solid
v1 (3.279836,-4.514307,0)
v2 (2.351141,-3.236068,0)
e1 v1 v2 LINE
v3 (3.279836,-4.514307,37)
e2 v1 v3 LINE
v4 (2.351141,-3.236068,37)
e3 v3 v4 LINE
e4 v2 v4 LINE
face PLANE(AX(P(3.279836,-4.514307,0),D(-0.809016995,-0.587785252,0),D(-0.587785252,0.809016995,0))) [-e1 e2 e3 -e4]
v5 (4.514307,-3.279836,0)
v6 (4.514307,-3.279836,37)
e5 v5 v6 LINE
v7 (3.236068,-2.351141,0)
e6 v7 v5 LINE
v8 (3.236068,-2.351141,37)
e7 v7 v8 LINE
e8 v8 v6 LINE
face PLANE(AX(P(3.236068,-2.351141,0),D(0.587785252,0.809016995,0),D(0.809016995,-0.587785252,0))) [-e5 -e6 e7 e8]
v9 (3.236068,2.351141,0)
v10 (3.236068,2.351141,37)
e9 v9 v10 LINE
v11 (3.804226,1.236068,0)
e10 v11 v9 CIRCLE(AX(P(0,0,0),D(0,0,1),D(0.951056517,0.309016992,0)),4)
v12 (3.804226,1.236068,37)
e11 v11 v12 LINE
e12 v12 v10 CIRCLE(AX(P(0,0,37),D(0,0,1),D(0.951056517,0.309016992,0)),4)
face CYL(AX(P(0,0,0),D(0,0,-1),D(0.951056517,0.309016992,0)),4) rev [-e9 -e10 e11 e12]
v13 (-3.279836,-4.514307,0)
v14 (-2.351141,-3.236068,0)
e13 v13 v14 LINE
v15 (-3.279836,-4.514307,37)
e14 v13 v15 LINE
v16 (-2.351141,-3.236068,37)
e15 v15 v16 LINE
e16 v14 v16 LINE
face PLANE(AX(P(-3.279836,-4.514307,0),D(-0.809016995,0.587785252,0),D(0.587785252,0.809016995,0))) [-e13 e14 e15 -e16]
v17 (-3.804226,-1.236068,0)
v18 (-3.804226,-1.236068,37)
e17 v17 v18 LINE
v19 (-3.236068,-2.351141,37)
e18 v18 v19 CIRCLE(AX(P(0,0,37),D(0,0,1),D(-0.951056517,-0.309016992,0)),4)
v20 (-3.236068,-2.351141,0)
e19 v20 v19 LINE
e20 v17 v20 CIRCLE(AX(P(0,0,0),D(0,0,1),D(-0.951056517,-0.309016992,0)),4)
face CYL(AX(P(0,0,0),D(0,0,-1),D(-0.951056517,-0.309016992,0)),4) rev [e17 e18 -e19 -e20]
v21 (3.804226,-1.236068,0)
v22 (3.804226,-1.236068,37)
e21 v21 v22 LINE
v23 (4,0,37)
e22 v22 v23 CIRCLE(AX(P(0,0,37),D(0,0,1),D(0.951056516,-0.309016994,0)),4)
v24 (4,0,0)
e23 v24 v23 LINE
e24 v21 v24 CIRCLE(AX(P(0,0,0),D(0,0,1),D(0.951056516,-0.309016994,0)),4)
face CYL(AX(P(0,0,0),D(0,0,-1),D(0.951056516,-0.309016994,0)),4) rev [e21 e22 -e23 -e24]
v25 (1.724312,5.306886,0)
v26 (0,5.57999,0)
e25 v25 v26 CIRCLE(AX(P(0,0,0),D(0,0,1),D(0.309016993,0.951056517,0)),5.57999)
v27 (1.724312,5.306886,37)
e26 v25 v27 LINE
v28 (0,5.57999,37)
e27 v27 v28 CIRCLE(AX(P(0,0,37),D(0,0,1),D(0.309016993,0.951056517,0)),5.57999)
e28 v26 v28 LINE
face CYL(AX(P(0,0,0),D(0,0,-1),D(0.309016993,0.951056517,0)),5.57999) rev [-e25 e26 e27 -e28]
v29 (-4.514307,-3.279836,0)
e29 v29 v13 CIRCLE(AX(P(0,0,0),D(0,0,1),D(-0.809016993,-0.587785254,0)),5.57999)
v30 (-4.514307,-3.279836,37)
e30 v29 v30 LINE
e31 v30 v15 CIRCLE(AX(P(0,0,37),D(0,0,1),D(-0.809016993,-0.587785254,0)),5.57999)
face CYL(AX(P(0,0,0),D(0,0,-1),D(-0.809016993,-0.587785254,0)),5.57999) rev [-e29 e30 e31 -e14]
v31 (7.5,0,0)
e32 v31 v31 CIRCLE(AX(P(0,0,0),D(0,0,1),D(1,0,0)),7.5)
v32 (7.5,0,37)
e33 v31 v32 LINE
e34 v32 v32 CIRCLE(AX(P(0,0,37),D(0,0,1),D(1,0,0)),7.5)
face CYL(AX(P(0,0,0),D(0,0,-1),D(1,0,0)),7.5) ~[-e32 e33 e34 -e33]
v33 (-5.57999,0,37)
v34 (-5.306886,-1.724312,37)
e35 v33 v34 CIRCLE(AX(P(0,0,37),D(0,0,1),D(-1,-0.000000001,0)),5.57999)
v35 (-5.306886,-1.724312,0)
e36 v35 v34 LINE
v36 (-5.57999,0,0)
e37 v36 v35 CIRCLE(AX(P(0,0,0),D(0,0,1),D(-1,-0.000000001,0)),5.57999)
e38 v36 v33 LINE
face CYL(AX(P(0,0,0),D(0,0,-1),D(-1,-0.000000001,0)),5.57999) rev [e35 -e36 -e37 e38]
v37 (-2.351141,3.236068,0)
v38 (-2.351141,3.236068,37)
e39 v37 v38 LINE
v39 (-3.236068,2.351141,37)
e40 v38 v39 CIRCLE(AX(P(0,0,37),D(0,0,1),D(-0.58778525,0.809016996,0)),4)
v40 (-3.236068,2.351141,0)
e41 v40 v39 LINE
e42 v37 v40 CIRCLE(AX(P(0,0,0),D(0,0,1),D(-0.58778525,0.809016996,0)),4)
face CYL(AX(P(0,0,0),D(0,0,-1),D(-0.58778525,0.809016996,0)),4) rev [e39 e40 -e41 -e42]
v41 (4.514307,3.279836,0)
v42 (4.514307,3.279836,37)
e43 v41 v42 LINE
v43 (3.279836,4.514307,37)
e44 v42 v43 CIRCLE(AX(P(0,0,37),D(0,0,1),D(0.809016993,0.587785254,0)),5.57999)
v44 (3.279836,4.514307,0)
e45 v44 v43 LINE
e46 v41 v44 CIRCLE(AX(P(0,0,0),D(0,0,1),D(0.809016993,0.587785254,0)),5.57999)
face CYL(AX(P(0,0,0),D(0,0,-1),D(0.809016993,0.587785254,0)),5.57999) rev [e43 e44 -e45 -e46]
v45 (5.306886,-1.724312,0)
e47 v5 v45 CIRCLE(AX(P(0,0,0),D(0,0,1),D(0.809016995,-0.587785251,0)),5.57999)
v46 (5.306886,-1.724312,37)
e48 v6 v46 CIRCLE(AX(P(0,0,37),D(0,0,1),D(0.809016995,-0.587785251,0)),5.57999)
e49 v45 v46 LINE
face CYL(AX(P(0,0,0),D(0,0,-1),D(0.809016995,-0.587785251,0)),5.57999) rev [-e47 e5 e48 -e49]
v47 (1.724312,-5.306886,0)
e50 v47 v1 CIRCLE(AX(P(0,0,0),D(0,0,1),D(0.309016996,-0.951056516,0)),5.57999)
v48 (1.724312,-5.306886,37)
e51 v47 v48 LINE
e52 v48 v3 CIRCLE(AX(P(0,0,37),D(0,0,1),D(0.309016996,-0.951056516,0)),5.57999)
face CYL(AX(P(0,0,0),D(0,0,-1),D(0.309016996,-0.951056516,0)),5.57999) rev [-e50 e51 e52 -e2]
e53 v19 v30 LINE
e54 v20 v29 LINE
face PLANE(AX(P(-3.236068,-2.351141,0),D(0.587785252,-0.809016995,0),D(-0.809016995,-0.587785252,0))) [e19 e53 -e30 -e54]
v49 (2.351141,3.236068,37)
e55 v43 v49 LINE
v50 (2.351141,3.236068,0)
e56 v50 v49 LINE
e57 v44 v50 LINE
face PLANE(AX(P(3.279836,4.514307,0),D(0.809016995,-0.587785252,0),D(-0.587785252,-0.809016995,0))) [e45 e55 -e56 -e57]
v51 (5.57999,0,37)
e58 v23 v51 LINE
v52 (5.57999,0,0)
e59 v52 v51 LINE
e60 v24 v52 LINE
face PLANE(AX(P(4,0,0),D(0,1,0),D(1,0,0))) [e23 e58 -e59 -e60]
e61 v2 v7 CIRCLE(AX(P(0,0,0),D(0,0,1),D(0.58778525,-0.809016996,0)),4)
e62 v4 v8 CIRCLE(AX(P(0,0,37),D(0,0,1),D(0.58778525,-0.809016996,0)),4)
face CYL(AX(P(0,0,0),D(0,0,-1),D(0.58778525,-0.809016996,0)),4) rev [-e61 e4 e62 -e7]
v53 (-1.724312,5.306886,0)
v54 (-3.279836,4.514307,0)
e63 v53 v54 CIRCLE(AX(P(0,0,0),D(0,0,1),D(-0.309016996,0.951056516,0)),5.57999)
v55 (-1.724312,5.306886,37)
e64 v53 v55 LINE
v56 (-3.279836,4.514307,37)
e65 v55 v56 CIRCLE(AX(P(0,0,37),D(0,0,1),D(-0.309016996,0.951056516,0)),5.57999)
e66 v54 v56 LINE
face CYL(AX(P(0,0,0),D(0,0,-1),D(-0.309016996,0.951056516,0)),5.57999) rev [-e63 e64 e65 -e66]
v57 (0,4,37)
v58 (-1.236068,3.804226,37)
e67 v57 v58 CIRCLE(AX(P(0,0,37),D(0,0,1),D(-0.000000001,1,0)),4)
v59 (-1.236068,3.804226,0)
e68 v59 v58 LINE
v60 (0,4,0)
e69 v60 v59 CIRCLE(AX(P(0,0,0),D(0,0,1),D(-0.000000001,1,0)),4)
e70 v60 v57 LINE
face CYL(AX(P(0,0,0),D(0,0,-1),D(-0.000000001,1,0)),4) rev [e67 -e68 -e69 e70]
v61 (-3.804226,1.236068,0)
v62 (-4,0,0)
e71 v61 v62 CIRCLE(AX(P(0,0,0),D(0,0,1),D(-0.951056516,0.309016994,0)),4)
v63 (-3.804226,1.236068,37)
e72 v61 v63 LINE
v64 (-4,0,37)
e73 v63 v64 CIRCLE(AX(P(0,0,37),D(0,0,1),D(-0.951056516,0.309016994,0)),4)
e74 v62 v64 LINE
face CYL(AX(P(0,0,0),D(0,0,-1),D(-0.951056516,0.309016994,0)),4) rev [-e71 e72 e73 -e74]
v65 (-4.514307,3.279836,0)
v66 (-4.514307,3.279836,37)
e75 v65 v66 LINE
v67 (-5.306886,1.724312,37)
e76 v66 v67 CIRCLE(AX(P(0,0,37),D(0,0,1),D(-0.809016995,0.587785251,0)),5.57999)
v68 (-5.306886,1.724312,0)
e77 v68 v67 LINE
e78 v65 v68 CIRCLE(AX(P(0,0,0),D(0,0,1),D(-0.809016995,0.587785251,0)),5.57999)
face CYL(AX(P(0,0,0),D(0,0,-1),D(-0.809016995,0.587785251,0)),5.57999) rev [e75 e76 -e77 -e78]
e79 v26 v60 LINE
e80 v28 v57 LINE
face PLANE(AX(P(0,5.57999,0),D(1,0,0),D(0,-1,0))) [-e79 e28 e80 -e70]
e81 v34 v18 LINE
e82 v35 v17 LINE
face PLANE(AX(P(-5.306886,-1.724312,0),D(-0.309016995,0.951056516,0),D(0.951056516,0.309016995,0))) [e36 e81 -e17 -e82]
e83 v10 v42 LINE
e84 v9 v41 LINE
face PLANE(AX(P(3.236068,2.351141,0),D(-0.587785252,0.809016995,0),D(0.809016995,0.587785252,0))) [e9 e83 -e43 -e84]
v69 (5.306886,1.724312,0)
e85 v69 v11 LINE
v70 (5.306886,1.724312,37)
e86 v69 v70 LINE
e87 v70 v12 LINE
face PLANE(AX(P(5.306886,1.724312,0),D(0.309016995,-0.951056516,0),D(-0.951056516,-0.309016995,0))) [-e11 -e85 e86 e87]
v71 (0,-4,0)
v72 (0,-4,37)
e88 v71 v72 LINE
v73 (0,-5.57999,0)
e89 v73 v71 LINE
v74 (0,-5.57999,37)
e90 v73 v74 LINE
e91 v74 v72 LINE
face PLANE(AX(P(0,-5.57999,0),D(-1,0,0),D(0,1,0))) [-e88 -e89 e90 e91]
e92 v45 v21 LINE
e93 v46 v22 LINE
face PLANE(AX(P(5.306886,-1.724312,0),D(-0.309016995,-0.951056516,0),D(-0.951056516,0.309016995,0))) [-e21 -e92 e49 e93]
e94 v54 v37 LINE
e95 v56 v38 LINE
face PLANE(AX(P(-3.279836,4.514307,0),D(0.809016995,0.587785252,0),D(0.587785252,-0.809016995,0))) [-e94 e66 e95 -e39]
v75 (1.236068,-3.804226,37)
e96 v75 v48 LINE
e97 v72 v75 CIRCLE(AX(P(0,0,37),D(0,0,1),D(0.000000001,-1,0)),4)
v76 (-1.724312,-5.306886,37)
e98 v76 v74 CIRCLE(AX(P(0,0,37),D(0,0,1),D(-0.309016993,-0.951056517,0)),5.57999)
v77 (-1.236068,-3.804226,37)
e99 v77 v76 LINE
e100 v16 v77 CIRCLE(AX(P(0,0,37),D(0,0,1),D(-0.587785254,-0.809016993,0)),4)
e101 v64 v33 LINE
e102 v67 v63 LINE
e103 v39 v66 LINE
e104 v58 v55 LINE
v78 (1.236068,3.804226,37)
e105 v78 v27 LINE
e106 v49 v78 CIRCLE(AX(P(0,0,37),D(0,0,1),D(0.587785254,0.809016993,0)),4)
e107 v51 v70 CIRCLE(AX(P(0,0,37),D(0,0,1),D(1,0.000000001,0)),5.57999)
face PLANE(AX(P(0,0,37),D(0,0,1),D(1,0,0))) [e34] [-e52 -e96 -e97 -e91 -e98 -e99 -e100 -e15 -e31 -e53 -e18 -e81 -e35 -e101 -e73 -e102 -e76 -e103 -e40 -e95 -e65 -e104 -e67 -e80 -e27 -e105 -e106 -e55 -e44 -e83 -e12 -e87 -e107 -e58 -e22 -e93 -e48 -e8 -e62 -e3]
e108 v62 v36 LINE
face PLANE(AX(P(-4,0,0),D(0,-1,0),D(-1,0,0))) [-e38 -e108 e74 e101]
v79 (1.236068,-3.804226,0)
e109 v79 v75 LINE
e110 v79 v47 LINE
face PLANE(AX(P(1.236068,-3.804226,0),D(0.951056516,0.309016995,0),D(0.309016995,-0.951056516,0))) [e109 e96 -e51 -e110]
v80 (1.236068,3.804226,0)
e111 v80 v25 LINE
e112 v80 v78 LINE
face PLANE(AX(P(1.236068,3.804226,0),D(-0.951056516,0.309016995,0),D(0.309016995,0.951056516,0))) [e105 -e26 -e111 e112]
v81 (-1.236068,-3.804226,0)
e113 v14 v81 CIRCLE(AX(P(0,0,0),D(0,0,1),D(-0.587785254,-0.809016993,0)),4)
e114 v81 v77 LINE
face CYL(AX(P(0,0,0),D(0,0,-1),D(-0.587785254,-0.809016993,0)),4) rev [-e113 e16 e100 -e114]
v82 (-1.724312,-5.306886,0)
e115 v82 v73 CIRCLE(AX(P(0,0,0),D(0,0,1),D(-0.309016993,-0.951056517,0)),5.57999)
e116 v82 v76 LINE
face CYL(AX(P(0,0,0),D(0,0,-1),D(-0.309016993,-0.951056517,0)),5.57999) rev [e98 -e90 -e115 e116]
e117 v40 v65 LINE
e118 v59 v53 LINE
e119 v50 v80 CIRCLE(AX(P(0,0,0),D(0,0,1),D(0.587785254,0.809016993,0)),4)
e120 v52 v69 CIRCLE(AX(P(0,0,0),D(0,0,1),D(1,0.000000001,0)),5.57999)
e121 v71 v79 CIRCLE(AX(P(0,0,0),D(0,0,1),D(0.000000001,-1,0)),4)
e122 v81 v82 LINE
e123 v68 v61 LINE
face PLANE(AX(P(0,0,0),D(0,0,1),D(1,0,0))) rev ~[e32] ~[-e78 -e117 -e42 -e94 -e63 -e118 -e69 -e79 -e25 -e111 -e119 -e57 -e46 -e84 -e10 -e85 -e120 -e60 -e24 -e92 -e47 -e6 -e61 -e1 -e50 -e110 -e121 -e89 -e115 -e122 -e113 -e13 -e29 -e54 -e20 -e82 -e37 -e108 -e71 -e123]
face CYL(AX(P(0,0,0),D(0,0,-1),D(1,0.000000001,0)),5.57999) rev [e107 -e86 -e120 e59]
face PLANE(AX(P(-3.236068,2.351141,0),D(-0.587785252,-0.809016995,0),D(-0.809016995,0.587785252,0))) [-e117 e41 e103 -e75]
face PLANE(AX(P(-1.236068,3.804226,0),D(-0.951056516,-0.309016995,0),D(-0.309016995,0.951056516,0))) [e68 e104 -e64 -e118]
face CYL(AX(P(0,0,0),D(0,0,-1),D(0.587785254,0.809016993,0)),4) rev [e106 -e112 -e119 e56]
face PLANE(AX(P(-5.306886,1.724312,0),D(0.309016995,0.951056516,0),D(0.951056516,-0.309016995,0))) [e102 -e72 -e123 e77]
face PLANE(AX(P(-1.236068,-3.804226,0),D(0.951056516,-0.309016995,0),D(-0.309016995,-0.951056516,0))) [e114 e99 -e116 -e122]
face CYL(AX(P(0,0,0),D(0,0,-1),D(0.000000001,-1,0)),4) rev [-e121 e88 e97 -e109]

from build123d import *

# Parameters (mm, degrees)
SKETCH_1_R      = 7.5
EXTRUDE_1_DEPTH = 37


with BuildPart() as part:
    # Эскиз1 → Бобышка-Вытянуть1 (new body)
    with BuildSketch(Plane.XY):
        Circle(SKETCH_1_R)
        with BuildLine():
            Line((0, 5.579989869), (0, 4))
            ThreePointArc((0, 4), (-0.62573786, 3.950753362), (-1.236067977, 3.804226065))
            Line((-1.236067977, 3.804226065), (-1.724311698, 5.306885726))
            ThreePointArc((-1.724311698, 5.306885726), (-2.533262389, 4.971807378), (-3.279835753, 4.514306633))
            Line((-3.279835753, 4.514306633), (-2.351141009, 3.236067977))
            ThreePointArc((-2.351141009, 3.236067977), (-2.828427125, 2.828427125), (-3.236067977, 2.351141009))
            Line((-3.236067977, 2.351141009), (-4.514306633, 3.279835753))
            ThreePointArc((-4.514306633, 3.279835753), (-4.971807378, 2.533262389), (-5.306885726, 1.724311698))
            Line((-5.306885726, 1.724311698), (-3.804226065, 1.236067977))
            ThreePointArc((-3.804226065, 1.236067977), (-3.950753362, 0.62573786), (-4, 0))
            Line((-4, 0), (-5.579989869, 0))
            ThreePointArc((-5.579989869, 0), (-5.511290934, -0.87290273), (-5.306885726, -1.724311698))
            Line((-5.306885726, -1.724311698), (-3.804226065, -1.236067977))
            ThreePointArc((-3.804226065, -1.236067977), (-3.564026097, -1.815961999), (-3.236067977, -2.351141009))
            Line((-3.236067977, -2.351141009), (-4.514306633, -3.279835753))
            ThreePointArc((-4.514306633, -3.279835753), (-3.945648675, -3.945648675), (-3.279835753, -4.514306633))
            Line((-3.279835753, -4.514306633), (-2.351141009, -3.236067977))
            ThreePointArc((-2.351141009, -3.236067977), (-1.815961999, -3.564026097), (-1.236067977, -3.804226065))
            Line((-1.236067977, -3.804226065), (-1.724311698, -5.306885726))
            ThreePointArc((-1.724311698, -5.306885726), (-0.87290273, -5.511290934), (0, -5.579989869))
            Line((0, -5.579989869), (0, -4))
            ThreePointArc((0, -4), (0.62573786, -3.950753362), (1.236067977, -3.804226065))
            Line((1.236067977, -3.804226065), (1.724311698, -5.306885726))
            ThreePointArc((1.724311698, -5.306885726), (2.533262389, -4.971807378), (3.279835753, -4.514306633))
            Line((3.279835753, -4.514306633), (2.351141009, -3.236067977))
            ThreePointArc((2.351141009, -3.236067977), (2.828427125, -2.828427125), (3.236067977, -2.351141009))
            Line((3.236067977, -2.351141009), (4.514306633, -3.279835753))
            ThreePointArc((4.514306633, -3.279835753), (4.971807378, -2.533262389), (5.306885726, -1.724311698))
            Line((5.306885726, -1.724311698), (3.804226065, -1.236067977))
            ThreePointArc((3.804226065, -1.236067977), (3.950753362, -0.62573786), (4, 0))
            Line((4, 0), (5.579989869, 0))
            ThreePointArc((5.579989869, 0), (5.511290934, 0.87290273), (5.306885726, 1.724311698))
            Line((5.306885726, 1.724311698), (3.804226065, 1.236067977))
            ThreePointArc((3.804226065, 1.236067977), (3.564026097, 1.815961999), (3.236067977, 2.351141009))
            Line((3.236067977, 2.351141009), (4.514306633, 3.279835753))
            ThreePointArc((4.514306633, 3.279835753), (3.945648675, 3.945648675), (3.279835753, 4.514306633))
            Line((3.279835753, 4.514306633), (2.351141009, 3.236067977))
            ThreePointArc((2.351141009, 3.236067977), (1.815961999, 3.564026097), (1.236067977, 3.804226065))
            Line((1.236067977, 3.804226065), (1.724311698, 5.306885726))
            ThreePointArc((1.724311698, 5.306885726), (0.87290273, 5.511290934), (0, 5.579989869))
        make_face(mode=Mode.SUBTRACT)
    extrude(amount=EXTRUDE_1_DEPTH)


solid = part.part
